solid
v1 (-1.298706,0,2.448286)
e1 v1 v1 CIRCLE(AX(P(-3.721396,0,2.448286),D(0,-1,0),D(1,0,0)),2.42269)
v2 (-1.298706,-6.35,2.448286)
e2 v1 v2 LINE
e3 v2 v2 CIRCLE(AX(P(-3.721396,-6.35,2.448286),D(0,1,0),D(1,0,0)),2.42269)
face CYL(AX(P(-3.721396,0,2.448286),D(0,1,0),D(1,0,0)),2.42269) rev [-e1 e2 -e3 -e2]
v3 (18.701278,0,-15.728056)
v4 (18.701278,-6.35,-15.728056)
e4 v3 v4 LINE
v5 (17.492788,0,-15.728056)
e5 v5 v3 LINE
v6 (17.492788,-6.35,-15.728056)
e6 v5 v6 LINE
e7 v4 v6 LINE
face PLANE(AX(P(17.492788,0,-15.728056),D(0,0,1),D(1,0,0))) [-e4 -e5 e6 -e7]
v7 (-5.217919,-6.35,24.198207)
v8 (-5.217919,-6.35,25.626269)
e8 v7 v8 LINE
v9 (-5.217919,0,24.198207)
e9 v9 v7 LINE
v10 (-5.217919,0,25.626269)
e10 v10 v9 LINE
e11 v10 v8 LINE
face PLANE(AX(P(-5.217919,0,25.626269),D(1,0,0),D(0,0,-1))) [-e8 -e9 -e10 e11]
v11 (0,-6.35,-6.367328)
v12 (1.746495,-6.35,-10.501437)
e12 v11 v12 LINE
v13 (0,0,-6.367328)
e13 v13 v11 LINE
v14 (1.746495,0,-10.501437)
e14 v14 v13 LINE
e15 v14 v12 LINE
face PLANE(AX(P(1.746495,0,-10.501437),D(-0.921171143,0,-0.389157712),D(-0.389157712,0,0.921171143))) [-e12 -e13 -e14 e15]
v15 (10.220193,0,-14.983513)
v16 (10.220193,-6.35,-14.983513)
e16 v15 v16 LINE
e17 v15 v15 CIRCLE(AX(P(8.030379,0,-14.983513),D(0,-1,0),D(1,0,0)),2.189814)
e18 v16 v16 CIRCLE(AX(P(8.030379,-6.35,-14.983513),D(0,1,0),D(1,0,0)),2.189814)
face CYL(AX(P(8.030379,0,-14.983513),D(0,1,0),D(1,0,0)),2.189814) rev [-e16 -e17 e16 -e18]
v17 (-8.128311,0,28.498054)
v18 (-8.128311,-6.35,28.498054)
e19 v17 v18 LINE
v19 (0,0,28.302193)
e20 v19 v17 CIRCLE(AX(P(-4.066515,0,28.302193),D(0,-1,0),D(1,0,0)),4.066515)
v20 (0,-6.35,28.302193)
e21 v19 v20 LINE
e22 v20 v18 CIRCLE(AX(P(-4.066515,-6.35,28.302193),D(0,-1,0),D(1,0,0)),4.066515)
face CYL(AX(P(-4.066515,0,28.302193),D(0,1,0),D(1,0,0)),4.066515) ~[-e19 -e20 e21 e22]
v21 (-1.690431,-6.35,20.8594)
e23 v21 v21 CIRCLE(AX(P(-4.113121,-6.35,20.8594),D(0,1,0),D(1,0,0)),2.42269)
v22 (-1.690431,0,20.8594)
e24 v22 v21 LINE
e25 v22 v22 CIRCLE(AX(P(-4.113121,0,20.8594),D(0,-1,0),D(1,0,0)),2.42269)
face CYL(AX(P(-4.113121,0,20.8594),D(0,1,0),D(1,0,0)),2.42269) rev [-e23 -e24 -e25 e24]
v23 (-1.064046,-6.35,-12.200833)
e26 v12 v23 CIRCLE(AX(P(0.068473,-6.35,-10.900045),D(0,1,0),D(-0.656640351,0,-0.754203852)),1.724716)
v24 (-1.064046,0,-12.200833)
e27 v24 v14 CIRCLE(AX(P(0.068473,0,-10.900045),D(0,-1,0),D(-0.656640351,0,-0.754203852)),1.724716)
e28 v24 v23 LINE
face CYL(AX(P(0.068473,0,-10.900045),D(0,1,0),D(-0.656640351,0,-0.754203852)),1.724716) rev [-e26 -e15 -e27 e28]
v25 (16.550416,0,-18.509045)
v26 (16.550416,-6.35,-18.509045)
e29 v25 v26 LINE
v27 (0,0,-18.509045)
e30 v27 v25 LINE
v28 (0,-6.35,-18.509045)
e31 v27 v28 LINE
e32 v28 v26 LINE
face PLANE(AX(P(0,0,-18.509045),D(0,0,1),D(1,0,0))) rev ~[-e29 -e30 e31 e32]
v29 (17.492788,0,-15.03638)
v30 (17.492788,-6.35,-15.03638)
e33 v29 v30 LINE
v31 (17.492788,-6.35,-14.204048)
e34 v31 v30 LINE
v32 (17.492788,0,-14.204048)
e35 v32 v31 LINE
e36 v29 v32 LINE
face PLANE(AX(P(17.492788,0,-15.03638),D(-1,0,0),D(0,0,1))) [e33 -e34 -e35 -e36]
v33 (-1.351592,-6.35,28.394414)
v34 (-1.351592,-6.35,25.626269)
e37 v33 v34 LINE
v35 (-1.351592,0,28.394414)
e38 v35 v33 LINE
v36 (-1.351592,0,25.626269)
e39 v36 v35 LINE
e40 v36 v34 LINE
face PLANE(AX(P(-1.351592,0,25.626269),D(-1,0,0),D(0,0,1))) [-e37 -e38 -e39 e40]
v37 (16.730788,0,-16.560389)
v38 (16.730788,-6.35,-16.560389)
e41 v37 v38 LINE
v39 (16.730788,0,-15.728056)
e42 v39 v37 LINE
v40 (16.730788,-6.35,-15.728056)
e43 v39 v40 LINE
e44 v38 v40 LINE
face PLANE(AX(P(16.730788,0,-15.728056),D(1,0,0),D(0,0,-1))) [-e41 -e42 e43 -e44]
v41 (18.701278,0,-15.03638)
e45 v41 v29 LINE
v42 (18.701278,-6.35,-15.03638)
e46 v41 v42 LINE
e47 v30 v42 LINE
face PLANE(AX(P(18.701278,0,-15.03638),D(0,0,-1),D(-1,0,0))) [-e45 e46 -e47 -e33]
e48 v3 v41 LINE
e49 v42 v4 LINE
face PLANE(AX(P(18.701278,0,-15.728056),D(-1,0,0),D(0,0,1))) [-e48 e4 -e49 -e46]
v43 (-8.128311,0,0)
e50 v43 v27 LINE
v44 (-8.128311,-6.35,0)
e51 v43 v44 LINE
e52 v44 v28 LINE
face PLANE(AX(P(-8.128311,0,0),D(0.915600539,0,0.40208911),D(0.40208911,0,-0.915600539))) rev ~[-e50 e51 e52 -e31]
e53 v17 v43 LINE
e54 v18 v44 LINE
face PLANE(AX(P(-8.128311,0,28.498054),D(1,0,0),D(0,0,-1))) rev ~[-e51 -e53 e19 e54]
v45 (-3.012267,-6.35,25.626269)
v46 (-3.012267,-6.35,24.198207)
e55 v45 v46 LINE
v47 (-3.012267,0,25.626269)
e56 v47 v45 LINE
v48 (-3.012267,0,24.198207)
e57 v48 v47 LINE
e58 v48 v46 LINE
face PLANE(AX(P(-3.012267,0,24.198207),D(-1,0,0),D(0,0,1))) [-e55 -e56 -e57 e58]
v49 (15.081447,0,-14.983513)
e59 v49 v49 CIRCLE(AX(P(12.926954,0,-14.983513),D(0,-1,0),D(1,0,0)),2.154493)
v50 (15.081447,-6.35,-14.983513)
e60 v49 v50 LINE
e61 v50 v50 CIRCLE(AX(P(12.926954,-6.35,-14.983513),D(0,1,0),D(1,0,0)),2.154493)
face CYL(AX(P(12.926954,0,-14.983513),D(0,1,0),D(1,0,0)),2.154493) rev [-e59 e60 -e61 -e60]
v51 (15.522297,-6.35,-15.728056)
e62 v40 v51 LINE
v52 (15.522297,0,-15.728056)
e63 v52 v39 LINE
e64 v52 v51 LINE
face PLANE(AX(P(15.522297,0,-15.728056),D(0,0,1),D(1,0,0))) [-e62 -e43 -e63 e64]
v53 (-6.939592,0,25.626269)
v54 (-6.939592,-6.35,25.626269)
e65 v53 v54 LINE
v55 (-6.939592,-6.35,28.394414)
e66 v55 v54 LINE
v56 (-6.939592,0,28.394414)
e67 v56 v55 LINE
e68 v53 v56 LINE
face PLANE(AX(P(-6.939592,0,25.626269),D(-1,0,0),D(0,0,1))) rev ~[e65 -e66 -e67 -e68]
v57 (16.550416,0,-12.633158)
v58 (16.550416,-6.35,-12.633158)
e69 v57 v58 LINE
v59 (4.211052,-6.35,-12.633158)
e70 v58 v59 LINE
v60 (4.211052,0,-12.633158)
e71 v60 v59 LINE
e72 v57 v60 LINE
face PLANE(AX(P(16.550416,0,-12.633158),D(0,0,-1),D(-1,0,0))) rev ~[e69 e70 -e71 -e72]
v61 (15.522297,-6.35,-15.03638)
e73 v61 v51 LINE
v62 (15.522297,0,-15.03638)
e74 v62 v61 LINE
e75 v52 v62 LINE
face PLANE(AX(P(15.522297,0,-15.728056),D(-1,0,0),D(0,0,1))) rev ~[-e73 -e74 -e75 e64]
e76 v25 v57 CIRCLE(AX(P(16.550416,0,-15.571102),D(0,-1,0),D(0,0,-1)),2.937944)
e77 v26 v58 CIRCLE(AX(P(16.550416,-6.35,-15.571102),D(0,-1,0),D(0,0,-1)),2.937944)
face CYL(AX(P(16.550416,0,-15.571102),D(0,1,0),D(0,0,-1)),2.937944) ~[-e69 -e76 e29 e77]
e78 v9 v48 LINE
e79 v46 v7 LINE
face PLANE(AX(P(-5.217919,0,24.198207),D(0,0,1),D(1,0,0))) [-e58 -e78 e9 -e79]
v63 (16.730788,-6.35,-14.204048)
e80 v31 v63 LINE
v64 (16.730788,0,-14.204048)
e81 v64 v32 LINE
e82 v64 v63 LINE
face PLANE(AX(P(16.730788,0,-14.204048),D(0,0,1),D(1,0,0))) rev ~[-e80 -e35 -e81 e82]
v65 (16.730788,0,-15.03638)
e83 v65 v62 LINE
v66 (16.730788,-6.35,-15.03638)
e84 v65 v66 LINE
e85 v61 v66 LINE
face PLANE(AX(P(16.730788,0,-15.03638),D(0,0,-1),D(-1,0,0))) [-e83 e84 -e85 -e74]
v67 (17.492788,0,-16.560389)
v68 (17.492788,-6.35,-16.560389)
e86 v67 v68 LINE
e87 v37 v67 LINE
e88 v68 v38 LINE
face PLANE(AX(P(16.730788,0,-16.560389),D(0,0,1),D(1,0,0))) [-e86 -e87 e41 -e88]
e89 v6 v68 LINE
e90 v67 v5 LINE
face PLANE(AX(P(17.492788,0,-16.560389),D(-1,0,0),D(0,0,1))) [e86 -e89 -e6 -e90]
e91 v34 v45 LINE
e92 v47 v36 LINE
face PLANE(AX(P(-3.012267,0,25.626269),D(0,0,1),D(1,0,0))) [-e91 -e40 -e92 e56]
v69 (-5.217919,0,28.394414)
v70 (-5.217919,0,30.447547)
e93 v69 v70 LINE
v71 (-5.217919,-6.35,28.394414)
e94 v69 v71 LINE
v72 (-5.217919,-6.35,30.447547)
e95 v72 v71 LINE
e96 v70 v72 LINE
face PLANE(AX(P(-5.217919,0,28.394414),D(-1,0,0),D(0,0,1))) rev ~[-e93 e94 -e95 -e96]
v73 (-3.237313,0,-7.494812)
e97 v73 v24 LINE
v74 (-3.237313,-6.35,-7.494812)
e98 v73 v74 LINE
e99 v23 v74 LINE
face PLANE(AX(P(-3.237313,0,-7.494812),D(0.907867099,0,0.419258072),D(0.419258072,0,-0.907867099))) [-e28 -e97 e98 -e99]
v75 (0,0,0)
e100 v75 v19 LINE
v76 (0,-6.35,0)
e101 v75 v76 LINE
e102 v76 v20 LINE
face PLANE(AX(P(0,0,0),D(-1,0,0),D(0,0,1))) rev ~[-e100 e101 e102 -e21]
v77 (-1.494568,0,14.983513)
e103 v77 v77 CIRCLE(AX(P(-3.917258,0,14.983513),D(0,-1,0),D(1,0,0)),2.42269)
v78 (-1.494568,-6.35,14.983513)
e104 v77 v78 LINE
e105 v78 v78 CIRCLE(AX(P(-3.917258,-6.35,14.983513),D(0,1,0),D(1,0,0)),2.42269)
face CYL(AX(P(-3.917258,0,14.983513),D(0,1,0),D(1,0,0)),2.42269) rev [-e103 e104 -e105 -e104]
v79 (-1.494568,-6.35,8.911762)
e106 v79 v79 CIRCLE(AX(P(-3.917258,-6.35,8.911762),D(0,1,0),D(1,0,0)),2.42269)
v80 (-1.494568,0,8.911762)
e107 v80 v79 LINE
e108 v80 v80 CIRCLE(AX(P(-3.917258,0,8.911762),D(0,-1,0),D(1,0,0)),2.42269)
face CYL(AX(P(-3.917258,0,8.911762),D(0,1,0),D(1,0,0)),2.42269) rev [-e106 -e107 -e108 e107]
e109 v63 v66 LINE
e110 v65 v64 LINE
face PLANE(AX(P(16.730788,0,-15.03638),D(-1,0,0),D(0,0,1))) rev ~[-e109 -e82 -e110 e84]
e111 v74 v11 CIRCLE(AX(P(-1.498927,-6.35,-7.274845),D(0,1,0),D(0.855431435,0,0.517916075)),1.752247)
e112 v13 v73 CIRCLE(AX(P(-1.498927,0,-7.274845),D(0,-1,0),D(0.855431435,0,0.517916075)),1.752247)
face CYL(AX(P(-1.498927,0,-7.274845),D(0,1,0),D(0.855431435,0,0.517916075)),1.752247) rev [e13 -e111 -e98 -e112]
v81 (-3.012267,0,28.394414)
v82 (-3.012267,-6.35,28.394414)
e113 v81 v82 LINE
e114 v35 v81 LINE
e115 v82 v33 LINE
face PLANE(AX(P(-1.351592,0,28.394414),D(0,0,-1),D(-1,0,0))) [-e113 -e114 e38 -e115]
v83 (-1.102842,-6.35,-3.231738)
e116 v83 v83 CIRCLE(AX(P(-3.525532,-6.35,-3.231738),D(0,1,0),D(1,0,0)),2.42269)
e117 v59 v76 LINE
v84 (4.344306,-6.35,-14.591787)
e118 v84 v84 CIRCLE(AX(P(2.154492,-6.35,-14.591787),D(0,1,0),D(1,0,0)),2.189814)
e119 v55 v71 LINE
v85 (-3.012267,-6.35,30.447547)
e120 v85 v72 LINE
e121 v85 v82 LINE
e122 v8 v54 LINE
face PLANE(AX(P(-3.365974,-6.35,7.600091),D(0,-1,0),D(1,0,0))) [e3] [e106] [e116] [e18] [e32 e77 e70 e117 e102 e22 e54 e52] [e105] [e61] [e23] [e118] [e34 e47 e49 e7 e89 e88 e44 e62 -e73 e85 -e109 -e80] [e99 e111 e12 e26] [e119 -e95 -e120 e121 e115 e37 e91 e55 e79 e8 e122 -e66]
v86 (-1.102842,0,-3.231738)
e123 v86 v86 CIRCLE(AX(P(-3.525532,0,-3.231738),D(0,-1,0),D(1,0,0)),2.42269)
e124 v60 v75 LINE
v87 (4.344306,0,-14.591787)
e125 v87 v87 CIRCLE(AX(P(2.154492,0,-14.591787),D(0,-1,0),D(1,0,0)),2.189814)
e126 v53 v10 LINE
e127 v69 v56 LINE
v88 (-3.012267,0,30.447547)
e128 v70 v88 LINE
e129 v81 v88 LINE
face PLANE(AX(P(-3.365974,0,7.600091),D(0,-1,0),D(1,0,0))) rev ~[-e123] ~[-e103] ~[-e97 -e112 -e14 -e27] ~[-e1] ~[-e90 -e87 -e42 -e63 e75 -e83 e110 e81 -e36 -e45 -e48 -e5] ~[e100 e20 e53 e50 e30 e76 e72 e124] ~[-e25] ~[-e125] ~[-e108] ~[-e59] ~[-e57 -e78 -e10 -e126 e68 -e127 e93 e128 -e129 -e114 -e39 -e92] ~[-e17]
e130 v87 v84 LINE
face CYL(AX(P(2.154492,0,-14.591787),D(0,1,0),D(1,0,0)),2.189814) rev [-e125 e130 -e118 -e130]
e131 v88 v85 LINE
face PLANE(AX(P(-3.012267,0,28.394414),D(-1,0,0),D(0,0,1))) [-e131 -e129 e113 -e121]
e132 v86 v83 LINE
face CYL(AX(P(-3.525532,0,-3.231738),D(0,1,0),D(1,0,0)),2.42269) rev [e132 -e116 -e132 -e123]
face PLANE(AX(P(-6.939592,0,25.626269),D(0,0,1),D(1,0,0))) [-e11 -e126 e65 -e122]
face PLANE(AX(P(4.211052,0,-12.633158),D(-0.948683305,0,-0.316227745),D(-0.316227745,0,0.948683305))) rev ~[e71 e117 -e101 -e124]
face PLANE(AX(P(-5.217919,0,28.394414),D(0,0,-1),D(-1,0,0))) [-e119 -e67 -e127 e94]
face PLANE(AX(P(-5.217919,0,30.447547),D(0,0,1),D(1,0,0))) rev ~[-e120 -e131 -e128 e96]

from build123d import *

# Parameters (mm, degrees)
F1_DEPTH = 6.35
F2_W     = 2.2056519679
F2_H     = 1.4280619276
F2_H_2   = 2.76814439
F2_W_2   = 1.6606743359
F2_W_3   = 1.7216736962
F2_H_3   = 2.0531332773
F3_DEPTH = 25.4
F4_R     = 2.4226901475
F4_R_2   = 2.1898139235
F4_R_3   = 2.1544927731
F5_DEPTH = 25.4
F7_DEPTH = 25.4
F8_W     = 0.762
F8_H     = 0.8323322826
F8_H_2   = 0.6916765124
F8_W_2   = 1.2084901007
F9_DEPTH = 25.4


with BuildPart() as f1:
    # F0 (on Front) → F1 (new body)
    with BuildSketch(Plane.XZ):
        with BuildLine():
            Line((-8.1283105537, 28.4980535507), (-8.1283105537, 0))
            Line((-8.1283105537, 0), (0, -18.5090452433))
            Line((0, -18.5090452433), (0, 0))
            Line((0, 0), (0, 28.302192688))
            ThreePointArc((0, 28.302192688), (-3.9685561641, 32.3675276661), (-8.1283105537, 28.4980535507))
        make_face()
        with BuildLine():
            Line((0, 0), (0, -18.5090452433))
            Line((0, -18.5090452433), (16.5504161268, -18.5090452433))
            ThreePointArc((16.5504161268, -18.5090452433), (19.4883598015, -15.5711015686), (16.5504161268, -12.633157894))
            Line((16.5504161268, -12.633157894), (4.2110523209, -12.633157894))
            Line((4.2110523209, -12.633157894), (0, 0))
        make_face()
    extrude(amount=F1_DEPTH)

    # F2 (on Front) → F3 (cut)
    with BuildSketch(Plane.XZ):
        with Locations((-4.1150925963, 24.9122383648)):
            Rectangle(F2_W, F2_H)
        with Locations((-4.1150925963, 27.0103415236)):
            Rectangle(F2_W, F2_H_2)
        with Locations((-2.1819294444, 27.0103415236)):
            Rectangle(F2_W_2, F2_H_2)
        with Locations((-6.0787554284, 27.0103415236)):
            Rectangle(F2_W_3, F2_H_2)
        with Locations((-4.1150925963, 29.4209803573)):
            Rectangle(F2_W, F2_H_3)
    extrude(amount=F3_DEPTH, mode=Mode.SUBTRACT)

    # F4 (on Front) → F5 (cut)
    with BuildSketch(Plane.XZ):
        with Locations((-4.1131214239, 20.8593998104)):
            Circle(F4_R)
        with Locations((-3.9172577672, 14.9835133925)):
            Circle(F4_R)
        with Locations((-3.9172577672, 8.9117623866)):
            Circle(F4_R)
        with Locations((-3.7213957403, 2.4482863955)):
            Circle(F4_R)
        with Locations((-3.5255320836, -3.2317379955)):
            Circle(F4_R)
        with Locations((2.154491609, -14.5917870104)):
            Circle(F4_R_2)
        with Locations((8.030379191, -14.9835133925)):
            Circle(F4_R_2)
        with Locations((12.9269538447, -14.9835133925)):
            Circle(F4_R_3)
    extrude(amount=F5_DEPTH, mode=Mode.SUBTRACT)

    # F6 (on Front) → F7 (cut)
    with BuildSketch(Plane.XZ):
        with BuildLine():
            ThreePointArc((0, -6.3673276454), (-2.0752432977, -5.6200849272), (-3.2373126596, -7.4948119))
            Line((-3.2373126596, -7.4948119), (-1.0640458204, -12.2008332983))
            ThreePointArc((-1.0640458204, -12.2008332983), (0.9608741924, -12.3759405779), (1.7464946723, -10.5014368892))
            Line((1.7464946723, -10.5014368892), (0, -6.3673276454))
        make_face()
    extrude(amount=F7_DEPTH, mode=Mode.SUBTRACT)

    # F8 (on Front) → F9 (cut)
    with BuildSketch(Plane.XZ):
        with Locations((17.1117875725, -16.1442225721)):
            Rectangle(F8_W, F8_H)
        with Locations((17.1117875725, -15.3822181746)):
            Rectangle(F8_W, F8_H_2)
        with Locations((18.0970326229, -15.3822181746)):
            Rectangle(F8_W_2, F8_H_2)
        with Locations((16.1265425221, -15.3822181746)):
            Rectangle(F8_W_2, F8_H_2)
        with Locations((17.1117875725, -14.6202137772)):
            Rectangle(F8_W, F8_H)
    extrude(amount=F9_DEPTH, mode=Mode.SUBTRACT)


solid = f1.part
